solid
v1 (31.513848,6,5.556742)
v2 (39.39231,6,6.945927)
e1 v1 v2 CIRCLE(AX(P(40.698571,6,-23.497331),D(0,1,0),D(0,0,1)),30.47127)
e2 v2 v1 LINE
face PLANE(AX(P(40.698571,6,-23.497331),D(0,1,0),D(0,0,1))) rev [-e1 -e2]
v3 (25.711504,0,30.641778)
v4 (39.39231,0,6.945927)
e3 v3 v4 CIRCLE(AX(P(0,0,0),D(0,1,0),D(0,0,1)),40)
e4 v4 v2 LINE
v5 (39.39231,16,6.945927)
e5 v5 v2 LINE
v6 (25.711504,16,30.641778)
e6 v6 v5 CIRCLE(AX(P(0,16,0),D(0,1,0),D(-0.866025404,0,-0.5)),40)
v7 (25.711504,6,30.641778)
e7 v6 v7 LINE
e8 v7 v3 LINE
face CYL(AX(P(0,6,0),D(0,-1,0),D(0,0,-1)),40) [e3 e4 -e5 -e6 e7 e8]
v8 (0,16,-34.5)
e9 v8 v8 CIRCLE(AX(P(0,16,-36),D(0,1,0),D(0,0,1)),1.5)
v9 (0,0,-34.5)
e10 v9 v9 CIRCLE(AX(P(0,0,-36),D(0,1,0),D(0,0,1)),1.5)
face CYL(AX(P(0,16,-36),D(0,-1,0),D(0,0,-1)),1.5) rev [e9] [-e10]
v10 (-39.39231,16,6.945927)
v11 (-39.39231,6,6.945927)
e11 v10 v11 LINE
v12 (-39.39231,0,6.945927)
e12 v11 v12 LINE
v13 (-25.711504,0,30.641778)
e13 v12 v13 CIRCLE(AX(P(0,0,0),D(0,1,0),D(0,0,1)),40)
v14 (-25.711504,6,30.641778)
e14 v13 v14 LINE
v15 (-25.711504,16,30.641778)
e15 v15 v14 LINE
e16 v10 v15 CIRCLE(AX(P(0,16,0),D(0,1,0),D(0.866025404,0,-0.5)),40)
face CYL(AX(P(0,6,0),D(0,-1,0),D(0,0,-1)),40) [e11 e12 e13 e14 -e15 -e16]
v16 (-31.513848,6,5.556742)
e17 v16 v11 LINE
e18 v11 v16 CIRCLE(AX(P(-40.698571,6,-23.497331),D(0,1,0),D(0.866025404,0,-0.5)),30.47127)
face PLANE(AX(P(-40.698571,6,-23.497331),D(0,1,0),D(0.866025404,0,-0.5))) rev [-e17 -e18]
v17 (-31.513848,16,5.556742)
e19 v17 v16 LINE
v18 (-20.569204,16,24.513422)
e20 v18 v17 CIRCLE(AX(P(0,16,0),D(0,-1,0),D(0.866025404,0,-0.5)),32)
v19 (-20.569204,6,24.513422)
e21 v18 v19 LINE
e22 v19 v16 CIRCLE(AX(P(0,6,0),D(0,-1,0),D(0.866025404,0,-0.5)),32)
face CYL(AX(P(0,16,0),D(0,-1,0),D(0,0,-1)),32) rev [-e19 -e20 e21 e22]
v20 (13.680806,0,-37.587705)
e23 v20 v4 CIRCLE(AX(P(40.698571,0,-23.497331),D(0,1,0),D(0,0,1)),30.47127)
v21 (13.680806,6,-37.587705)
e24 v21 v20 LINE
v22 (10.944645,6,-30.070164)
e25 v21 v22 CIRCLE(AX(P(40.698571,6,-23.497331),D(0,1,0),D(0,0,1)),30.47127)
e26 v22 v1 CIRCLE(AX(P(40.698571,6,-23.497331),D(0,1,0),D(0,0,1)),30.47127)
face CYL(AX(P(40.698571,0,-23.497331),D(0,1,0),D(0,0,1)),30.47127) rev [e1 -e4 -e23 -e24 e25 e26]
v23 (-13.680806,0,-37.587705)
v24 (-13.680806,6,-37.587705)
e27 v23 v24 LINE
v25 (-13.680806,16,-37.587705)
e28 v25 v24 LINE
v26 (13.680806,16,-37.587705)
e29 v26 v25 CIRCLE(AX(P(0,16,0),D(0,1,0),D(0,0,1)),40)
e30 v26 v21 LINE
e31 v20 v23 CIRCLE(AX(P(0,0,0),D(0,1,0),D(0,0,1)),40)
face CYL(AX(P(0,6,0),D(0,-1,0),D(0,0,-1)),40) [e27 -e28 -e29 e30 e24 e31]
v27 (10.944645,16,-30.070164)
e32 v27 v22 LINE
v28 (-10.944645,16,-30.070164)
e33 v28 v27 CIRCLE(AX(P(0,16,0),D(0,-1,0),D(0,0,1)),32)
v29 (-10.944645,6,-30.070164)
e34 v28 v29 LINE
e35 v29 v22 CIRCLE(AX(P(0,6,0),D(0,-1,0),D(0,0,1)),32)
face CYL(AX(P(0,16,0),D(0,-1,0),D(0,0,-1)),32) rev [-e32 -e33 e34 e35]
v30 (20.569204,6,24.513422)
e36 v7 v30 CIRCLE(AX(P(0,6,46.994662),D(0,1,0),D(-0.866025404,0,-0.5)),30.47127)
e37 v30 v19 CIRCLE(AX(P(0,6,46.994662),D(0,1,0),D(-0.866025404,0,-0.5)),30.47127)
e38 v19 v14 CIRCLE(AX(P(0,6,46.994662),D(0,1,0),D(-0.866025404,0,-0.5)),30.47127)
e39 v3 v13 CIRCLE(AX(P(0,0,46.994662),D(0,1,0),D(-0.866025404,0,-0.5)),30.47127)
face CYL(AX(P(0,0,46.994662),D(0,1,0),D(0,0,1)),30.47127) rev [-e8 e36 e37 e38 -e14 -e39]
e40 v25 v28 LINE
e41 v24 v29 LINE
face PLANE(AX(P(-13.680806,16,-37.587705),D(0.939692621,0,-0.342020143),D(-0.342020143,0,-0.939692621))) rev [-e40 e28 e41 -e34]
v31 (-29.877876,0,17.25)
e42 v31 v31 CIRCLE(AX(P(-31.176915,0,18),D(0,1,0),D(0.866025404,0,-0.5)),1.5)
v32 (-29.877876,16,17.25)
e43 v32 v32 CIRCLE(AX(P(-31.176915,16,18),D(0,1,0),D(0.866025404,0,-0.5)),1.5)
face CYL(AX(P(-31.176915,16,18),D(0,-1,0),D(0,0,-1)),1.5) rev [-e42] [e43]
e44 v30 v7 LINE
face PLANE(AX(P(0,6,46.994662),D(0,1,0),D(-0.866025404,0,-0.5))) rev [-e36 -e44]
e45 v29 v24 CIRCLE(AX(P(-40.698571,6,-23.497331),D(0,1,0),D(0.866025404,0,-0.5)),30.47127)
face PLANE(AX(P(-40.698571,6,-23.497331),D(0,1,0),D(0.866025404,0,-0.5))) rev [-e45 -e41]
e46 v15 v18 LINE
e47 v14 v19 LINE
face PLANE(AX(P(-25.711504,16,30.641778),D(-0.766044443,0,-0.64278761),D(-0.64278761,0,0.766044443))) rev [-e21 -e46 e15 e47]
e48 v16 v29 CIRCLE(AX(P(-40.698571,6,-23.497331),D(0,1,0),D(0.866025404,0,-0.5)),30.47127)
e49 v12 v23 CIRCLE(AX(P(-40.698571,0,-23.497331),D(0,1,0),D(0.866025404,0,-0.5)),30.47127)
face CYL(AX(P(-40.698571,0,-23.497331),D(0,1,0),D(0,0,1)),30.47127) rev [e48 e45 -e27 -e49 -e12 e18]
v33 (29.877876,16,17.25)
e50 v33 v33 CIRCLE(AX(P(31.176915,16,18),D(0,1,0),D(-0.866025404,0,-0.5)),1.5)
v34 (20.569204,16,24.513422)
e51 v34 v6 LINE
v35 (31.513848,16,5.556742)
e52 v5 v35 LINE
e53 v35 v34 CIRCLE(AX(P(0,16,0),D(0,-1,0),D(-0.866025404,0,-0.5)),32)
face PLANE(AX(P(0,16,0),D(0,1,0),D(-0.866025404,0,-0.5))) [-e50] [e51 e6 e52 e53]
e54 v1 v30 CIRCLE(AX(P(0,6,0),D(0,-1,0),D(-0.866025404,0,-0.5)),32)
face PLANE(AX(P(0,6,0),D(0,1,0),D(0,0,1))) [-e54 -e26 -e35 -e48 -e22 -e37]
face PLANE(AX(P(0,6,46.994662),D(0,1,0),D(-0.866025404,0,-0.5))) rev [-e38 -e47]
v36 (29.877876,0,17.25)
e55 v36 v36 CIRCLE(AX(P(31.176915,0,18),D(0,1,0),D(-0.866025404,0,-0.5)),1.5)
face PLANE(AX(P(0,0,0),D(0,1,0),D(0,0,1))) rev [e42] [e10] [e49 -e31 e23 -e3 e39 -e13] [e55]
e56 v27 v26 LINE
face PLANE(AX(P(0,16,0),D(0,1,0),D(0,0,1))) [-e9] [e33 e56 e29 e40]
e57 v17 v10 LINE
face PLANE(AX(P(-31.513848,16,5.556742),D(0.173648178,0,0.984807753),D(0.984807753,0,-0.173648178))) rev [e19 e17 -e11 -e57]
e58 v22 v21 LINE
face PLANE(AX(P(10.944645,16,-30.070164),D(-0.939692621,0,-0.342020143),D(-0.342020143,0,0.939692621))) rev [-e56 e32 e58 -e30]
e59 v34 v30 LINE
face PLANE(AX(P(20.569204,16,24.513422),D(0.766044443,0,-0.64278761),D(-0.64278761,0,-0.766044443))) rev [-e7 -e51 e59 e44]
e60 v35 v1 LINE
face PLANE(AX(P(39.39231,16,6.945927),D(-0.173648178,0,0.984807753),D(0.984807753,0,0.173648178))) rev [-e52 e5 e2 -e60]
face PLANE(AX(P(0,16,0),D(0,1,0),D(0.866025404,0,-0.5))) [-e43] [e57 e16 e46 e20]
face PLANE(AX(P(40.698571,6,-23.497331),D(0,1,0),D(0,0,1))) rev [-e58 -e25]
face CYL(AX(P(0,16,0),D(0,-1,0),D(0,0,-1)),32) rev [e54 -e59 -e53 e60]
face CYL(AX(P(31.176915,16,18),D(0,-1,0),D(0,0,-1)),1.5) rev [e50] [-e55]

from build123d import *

# Parameters (mm, degrees)
SKETCH1_R           = 40
BOSS_EXTRUDE1_DEPTH = 6
SKETCH2_R           = 1.5
BOSS_EXTRUDE2_DEPTH = 10
SKETCH16_R          = 1.5
CUT_EXTRUDE9_DEPTH  = 17
CIRPATTERN1_COUNT   = 3
SKETCH5_R           = 30.471270003
CUT_EXTRUDE3_DEPTH  = 7
CIRPATTERN2_COUNT   = 3


with BuildPart() as part:
    # Sketch1 → Boss-Extrude1 (new body)
    with BuildSketch(Plane(origin=(0, 0, 0), x_dir=(1, 0, 0), z_dir=(0, 1, 0))):
        Circle(SKETCH1_R)
    extrude(amount=BOSS_EXTRUDE1_DEPTH)

    # Sketch2 → Boss-Extrude2 (add)
    with BuildSketch(Plane(origin=(0, 6, 0), x_dir=(1, 0, 0), z_dir=(0, 1, 0))):
        with BuildLine():
            Line((-13.680805733, 37.587704831), (-10.944644586, 30.070163865))
            ThreePointArc((-10.944644586, 30.070163865), (0, 32), (10.944644586, 30.070163865))
            Line((10.944644586, 30.070163865), (13.680805733, 37.587704831))
            ThreePointArc((13.680805733, 37.587704831), (0, 40), (-13.680805733, 37.587704831))
        make_face()
        with Locations((0, 36)):
            Circle(SKETCH2_R, mode=Mode.SUBTRACT)
    boss_extrude2 = extrude(amount=BOSS_EXTRUDE2_DEPTH)

    # Sketch16 → Cut-Extrude9 (cut, through all)
    with BuildSketch(Plane(origin=(0, 16, 0), x_dir=(1, 0, 0), z_dir=(0, 1, 0))):
        with Locations((0, 36)):
            Circle(SKETCH16_R)
    cut_extrude9 = extrude(amount=-CUT_EXTRUDE9_DEPTH, mode=Mode.SUBTRACT)

    # CirPattern1: Boss-Extrude2, Cut-Extrude9 ×3 about axis
    cirpattern1_axis = Axis((0, 0, 0), (0, 1, 0))
    for i in range(1, CIRPATTERN1_COUNT):
        add(boss_extrude2.rotate(cirpattern1_axis, i * 360 / CIRPATTERN1_COUNT))
        add(cut_extrude9.rotate(cirpattern1_axis, i * 360 / CIRPATTERN1_COUNT), mode=Mode.SUBTRACT)

    # Sketch5 → Cut-Extrude3 (cut, through all)
    with BuildSketch(Plane(origin=(0, 6, 0), x_dir=(1, 0, 0), z_dir=(0, 1, 0))):
        with Locations((40.698571494, 23.497331208)):
            Circle(SKETCH5_R)
    cut_extrude3 = extrude(amount=-CUT_EXTRUDE3_DEPTH, mode=Mode.SUBTRACT)

    # CirPattern2: Cut-Extrude3 ×3 about axis
    cirpattern2_axis = Axis((0, 0, 0), (0, 1, 0))
    for i in range(1, CIRPATTERN2_COUNT):
        add(cut_extrude3.rotate(cirpattern2_axis, i * 360 / CIRPATTERN2_COUNT), mode=Mode.SUBTRACT)


solid = part.part
